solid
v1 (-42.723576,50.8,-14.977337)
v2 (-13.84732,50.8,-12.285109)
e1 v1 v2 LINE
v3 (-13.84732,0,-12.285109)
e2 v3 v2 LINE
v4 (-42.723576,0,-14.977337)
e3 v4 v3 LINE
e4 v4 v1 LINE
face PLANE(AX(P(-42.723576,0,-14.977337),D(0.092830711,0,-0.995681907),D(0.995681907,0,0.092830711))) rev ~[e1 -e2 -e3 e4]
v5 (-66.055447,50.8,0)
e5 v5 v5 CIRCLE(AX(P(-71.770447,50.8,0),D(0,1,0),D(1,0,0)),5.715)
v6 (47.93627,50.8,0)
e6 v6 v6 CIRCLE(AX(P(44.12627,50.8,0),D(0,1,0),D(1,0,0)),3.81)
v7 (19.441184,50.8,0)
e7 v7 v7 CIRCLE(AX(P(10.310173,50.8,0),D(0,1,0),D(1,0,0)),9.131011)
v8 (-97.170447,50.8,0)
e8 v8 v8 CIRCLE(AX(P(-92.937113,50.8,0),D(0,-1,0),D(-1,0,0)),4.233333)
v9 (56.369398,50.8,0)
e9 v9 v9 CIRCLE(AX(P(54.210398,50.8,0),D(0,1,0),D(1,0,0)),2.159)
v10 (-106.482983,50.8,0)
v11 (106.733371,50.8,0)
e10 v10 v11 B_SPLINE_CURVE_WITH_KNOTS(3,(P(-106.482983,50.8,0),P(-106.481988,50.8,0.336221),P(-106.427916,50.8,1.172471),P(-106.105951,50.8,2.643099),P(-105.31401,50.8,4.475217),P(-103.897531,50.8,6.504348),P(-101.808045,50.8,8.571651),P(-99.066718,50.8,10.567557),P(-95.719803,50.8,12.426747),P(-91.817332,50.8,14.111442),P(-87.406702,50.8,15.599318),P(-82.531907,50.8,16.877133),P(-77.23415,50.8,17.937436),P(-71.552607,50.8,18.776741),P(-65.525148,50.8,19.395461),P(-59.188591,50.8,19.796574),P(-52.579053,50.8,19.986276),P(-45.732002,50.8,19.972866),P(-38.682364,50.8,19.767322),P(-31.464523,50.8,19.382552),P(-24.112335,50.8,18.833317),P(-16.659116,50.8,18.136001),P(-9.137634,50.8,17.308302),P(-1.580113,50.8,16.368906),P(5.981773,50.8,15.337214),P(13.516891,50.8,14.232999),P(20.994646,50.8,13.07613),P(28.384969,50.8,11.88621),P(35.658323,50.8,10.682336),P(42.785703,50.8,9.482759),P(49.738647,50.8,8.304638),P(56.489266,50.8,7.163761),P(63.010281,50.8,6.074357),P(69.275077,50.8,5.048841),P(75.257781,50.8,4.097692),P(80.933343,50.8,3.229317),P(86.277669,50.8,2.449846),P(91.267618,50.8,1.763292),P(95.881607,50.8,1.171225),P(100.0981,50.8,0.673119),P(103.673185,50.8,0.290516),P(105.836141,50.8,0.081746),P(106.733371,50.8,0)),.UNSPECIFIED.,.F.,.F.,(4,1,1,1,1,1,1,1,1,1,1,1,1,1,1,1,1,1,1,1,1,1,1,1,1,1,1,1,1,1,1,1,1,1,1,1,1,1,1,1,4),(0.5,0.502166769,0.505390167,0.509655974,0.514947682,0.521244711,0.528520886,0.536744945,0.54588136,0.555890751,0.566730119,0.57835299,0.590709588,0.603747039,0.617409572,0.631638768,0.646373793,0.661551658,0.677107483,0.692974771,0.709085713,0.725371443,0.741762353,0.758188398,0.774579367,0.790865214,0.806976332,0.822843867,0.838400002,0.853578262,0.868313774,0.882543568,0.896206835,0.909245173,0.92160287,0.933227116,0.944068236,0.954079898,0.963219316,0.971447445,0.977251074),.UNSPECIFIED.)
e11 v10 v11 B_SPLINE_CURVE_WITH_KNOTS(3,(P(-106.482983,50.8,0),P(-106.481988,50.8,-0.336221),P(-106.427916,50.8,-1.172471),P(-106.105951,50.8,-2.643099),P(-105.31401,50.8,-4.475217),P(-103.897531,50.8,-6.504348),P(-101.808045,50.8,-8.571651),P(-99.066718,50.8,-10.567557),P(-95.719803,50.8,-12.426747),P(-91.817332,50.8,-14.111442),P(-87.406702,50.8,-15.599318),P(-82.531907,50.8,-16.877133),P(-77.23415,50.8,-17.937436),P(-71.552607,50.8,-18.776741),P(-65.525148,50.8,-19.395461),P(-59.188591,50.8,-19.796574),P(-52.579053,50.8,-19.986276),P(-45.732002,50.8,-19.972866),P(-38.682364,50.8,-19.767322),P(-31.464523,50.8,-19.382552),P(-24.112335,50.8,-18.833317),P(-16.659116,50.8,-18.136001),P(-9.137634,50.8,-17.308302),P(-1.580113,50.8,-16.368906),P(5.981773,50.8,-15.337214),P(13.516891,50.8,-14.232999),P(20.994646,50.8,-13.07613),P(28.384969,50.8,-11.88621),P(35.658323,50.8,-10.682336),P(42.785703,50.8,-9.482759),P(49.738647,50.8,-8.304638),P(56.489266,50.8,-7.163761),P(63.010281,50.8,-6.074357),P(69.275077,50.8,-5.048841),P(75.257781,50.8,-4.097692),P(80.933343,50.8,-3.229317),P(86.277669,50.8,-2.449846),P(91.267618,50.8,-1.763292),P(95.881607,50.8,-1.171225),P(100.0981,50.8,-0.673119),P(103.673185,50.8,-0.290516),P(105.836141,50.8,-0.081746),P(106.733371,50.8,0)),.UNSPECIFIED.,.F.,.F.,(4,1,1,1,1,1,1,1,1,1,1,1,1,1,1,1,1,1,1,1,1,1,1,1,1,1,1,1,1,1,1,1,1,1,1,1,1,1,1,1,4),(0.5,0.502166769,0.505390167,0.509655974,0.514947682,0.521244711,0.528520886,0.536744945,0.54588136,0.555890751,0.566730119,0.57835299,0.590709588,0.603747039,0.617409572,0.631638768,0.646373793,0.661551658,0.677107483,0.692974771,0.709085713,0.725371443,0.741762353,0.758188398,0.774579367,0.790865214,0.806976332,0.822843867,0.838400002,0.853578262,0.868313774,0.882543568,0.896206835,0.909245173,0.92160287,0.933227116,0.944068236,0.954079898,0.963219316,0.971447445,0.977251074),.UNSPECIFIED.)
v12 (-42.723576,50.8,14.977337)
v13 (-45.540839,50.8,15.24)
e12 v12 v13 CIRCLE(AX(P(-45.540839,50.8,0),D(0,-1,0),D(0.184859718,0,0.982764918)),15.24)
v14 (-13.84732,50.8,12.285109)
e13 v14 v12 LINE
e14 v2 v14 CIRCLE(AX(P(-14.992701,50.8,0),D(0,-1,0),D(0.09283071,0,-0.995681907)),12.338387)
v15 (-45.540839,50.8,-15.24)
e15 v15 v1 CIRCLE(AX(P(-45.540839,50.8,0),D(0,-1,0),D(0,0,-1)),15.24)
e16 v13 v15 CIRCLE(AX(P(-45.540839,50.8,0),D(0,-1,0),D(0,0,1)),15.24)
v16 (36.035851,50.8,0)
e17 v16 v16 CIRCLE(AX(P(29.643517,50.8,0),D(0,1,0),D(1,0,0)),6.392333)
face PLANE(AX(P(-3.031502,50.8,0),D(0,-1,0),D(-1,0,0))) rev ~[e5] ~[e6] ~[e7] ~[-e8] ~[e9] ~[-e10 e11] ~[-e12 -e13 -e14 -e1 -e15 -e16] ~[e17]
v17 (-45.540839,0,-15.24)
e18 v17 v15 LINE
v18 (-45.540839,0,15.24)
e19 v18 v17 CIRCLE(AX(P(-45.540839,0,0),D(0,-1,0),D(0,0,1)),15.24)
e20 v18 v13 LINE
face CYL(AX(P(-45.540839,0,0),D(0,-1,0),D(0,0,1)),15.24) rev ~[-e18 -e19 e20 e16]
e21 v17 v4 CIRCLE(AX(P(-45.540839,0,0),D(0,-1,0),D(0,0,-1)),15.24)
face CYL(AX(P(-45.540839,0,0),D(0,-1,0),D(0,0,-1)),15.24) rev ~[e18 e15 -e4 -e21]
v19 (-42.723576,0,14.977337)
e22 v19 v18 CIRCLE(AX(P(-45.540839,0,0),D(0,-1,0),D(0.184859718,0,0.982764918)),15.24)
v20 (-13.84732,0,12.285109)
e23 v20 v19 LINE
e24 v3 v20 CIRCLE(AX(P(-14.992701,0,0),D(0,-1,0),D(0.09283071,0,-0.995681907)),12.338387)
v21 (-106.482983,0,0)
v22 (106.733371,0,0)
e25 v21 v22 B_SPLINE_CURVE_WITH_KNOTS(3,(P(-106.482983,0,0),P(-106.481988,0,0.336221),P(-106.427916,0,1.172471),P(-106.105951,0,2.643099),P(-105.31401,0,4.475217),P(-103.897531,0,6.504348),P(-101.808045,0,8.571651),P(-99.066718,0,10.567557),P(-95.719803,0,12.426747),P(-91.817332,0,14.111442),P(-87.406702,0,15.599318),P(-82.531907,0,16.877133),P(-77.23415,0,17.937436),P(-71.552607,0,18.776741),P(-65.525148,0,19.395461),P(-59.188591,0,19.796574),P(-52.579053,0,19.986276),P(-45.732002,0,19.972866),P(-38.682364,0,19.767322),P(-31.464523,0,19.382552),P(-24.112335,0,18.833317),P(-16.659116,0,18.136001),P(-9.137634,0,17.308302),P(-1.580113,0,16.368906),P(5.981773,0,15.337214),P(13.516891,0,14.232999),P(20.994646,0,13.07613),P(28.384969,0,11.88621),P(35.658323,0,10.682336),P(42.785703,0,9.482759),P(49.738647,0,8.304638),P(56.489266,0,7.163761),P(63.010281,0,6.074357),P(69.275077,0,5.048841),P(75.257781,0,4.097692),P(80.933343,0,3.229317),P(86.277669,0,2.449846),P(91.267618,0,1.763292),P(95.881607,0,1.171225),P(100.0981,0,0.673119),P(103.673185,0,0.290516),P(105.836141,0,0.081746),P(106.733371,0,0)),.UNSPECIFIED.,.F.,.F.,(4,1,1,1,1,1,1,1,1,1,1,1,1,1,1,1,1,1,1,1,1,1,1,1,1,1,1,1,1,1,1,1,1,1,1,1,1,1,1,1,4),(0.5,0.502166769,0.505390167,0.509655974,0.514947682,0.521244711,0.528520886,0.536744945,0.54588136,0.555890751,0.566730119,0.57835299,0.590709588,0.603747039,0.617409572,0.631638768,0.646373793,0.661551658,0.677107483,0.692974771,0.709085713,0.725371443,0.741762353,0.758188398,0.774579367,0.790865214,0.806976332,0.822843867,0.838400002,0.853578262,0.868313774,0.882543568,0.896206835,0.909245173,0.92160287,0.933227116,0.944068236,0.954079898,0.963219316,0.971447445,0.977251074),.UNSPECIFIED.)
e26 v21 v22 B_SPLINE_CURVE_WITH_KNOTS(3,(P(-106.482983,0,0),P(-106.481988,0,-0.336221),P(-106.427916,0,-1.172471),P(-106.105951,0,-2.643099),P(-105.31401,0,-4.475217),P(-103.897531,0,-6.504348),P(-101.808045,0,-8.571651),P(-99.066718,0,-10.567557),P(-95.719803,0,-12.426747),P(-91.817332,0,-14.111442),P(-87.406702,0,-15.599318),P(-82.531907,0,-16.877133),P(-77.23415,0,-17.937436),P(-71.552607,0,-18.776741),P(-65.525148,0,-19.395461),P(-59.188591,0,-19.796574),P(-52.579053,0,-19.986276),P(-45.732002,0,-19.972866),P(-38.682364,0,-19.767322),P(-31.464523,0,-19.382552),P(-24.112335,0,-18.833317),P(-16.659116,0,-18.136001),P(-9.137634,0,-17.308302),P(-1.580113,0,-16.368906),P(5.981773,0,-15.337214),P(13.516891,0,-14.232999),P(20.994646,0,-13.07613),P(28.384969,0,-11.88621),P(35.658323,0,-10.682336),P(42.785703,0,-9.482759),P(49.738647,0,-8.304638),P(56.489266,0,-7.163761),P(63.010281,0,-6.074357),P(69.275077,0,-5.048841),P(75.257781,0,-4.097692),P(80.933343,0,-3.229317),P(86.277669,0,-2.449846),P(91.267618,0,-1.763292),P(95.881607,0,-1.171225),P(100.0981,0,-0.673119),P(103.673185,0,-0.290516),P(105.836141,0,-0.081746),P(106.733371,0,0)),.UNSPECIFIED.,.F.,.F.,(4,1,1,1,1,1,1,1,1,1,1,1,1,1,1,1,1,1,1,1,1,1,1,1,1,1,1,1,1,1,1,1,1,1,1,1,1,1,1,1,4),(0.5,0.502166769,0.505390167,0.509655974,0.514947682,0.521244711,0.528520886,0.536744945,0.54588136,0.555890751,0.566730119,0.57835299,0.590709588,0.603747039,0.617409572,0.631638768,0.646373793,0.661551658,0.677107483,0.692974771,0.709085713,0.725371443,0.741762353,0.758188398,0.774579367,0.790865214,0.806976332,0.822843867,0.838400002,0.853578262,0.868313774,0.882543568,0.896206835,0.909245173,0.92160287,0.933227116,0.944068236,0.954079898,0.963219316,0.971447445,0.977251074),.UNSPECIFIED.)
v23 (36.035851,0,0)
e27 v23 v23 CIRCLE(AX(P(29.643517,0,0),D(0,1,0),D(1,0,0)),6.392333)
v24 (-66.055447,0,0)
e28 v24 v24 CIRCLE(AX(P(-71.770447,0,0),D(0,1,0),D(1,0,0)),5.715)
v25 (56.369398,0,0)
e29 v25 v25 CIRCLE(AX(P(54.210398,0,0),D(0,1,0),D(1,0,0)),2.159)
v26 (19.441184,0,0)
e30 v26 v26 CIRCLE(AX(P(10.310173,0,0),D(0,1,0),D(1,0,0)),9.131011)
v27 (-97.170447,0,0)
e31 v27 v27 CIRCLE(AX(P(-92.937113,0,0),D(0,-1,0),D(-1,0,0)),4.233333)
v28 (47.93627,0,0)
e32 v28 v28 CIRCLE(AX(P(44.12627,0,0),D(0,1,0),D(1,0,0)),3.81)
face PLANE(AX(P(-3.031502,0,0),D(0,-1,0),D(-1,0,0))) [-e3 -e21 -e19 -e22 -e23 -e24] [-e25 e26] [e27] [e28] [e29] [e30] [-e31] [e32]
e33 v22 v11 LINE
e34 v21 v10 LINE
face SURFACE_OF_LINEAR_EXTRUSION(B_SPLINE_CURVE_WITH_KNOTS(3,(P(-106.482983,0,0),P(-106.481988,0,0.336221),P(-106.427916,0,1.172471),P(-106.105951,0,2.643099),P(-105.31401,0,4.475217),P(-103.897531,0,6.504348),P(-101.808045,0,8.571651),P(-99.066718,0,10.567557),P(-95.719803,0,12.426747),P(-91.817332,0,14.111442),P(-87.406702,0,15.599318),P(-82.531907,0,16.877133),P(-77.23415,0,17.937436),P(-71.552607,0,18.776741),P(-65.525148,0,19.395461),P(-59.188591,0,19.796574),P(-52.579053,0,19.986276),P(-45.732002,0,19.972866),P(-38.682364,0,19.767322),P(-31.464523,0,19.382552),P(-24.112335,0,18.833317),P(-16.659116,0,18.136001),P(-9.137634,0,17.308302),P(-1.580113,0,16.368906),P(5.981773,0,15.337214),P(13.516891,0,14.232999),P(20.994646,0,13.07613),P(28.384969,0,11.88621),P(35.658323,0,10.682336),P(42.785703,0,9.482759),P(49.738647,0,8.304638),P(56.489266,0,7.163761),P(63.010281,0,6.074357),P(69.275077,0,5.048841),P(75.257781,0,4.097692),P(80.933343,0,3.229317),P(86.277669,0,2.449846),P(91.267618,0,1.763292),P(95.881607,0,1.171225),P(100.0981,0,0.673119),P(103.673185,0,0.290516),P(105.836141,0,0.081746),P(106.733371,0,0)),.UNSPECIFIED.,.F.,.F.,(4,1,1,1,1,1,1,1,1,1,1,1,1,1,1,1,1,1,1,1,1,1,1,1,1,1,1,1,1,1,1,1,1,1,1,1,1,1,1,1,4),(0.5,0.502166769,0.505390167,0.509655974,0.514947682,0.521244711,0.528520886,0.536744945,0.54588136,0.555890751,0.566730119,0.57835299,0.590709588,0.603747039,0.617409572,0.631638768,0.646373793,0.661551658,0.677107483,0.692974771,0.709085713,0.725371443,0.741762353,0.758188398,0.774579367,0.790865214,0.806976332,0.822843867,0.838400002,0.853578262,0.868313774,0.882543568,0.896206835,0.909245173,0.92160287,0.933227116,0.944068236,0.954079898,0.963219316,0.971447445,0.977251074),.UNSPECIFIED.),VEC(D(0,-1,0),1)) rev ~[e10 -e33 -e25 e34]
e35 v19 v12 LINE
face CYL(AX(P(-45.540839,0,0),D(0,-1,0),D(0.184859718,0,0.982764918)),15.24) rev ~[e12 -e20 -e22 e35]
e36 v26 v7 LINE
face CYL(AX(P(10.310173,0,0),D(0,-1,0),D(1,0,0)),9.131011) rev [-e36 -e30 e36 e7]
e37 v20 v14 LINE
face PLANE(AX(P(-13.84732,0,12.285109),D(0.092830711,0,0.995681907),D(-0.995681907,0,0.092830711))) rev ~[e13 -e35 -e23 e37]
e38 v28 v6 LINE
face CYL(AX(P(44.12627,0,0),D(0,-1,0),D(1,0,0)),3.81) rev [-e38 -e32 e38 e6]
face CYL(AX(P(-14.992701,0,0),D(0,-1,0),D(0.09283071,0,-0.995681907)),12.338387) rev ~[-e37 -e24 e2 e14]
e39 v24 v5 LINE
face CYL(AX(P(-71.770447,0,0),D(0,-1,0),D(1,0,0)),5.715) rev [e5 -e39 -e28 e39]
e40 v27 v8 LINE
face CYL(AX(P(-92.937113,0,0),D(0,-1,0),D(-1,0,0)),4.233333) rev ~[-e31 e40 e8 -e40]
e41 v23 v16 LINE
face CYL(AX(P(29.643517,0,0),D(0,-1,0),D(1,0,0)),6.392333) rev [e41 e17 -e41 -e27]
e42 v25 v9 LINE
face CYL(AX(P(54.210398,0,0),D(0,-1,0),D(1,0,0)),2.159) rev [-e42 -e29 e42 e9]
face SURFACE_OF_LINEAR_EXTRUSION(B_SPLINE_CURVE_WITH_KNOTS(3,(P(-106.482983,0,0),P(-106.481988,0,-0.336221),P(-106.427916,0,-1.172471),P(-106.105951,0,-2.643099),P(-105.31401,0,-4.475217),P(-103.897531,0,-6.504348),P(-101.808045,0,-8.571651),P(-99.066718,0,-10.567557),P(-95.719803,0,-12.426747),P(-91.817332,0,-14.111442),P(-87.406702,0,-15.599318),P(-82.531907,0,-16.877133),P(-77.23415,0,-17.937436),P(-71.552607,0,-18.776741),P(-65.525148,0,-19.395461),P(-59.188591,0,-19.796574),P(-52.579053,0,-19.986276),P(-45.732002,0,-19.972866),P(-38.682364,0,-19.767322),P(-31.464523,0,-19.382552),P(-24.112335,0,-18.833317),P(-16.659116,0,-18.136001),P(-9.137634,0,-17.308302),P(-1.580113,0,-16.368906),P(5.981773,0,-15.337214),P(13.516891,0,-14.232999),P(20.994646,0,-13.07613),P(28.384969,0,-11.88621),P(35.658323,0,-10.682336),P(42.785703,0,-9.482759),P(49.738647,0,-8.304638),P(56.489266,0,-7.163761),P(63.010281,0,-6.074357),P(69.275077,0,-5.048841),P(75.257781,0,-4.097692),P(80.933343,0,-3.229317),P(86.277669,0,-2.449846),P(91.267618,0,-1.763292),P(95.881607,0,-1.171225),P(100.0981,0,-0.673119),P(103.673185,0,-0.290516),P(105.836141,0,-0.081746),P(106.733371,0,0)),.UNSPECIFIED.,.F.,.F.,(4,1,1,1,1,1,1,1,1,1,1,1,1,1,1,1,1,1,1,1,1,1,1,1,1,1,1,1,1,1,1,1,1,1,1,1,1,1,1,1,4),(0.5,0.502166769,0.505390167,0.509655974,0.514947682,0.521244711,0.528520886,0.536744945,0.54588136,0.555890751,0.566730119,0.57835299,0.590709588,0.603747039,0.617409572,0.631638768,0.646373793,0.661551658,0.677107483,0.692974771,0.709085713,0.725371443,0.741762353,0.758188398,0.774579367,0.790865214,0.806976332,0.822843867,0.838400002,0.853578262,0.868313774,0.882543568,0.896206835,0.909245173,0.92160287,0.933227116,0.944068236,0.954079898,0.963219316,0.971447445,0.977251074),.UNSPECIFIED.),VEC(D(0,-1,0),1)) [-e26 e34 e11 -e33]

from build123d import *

# Parameters (mm, degrees)
SKETCH1_R           = 5.715
SKETCH1_R_2         = 9.131011462
SKETCH1_R_3         = 6.392333333
SKETCH1_R_4         = 3.81
SKETCH1_R_5         = 2.159
BOSS_EXTRUDE1_DEPTH = 50.8


with BuildPart() as part:
    # Sketch1 → Boss-Extrude1 (new body)
    with BuildSketch(Plane(origin=(0, 0, 0), x_dir=(1, 0, 0), z_dir=(0, 1, 0))):
        with BuildLine():
            add(Edge.make_bspline(
                [(-106.482983395, 7e-09), (-106.481988205, 0.336221447), (-106.427915569, 1.172470852), (-106.105951464, 2.643099269), (-105.314009735, 4.475217408), (-103.897531119, 6.504348419), (-101.808045378, 8.571651332), (-99.066717841, 10.567556704), (-95.719803188, 12.4267473), (-91.817332429, 14.111441711), (-87.406701835, 15.599318162), (-82.531907012, 16.877133323), (-77.234149654, 17.93743562), (-71.552607098, 18.776740572), (-65.525147606, 19.395460586), (-59.188591418, 19.79657403), (-52.57905308, 19.986276316), (-45.732001964, 19.972865837), (-38.682363694, 19.76732247), (-31.464522928, 19.382552478), (-24.112335149, 18.833317467), (-16.659115821, 18.136000968), (-9.137634043, 17.308302017), (-1.580112881, 16.368906014), (5.98177291, 15.337213534), (13.516891029, 14.232999407), (20.994645609, 13.076129848), (28.384968739, 11.886210001), (35.658323251, 10.682336314), (42.785702907, 9.482759124), (49.738647425, 8.304637787), (56.489265684, 7.163760718), (63.010281114, 6.074356699), (69.275076728, 5.048841412), (75.257781106, 4.097692071), (80.933343311, 3.229317249), (86.277669376, 2.449846213), (91.267618323, 1.763292049), (95.881607116, 1.17122476), (100.098099776, 0.673119164), (103.673185129, 0.290516392), (105.83614122, 0.081745654), (106.733370691, 7e-09)],
                knots=[0.5, 0.5, 0.5, 0.5, 0.502166769, 0.505390167, 0.509655974, 0.514947682, 0.521244711, 0.528520886, 0.536744945, 0.54588136, 0.555890751, 0.566730119, 0.57835299, 0.590709588, 0.603747039, 0.617409572, 0.631638768, 0.646373793, 0.661551658, 0.677107483, 0.692974771, 0.709085713, 0.725371443, 0.741762353, 0.758188398, 0.774579367, 0.790865214, 0.806976332, 0.822843867, 0.838400002, 0.853578262, 0.868313774, 0.882543568, 0.896206835, 0.909245173, 0.92160287, 0.933227116, 0.944068236, 0.954079898, 0.963219316, 0.971447445, 0.977251074, 0.977251074, 0.977251074, 0.977251074], degree=3))
            add(Edge.make_bspline(
                [(-106.482983395, -7e-09), (-106.481988205, -0.336221447), (-106.427915569, -1.172470852), (-106.105951463, -2.643099269), (-105.314009735, -4.475217408), (-103.897531118, -6.504348419), (-101.808045378, -8.571651332), (-99.06671784, -10.567556704), (-95.719803188, -12.4267473), (-91.817332429, -14.111441711), (-87.406701835, -15.599318162), (-82.531907011, -16.877133323), (-77.234149654, -17.93743562), (-71.552607098, -18.776740572), (-65.525147605, -19.395460586), (-59.188591417, -19.79657403), (-52.57905308, -19.986276316), (-45.732001964, -19.972865837), (-38.682363694, -19.76732247), (-31.464522928, -19.382552478), (-24.112335148, -18.833317467), (-16.659115821, -18.136000968), (-9.137634043, -17.308302017), (-1.580112881, -16.368906014), (5.98177291, -15.337213534), (13.516891029, -14.232999407), (20.99464561, -13.076129848), (28.384968739, -11.886210001), (35.658323251, -10.682336314), (42.785702907, -9.482759124), (49.738647426, -8.304637787), (56.489265684, -7.163760718), (63.010281115, -6.074356699), (69.275076728, -5.048841412), (75.257781106, -4.097692071), (80.933343311, -3.229317249), (86.277669376, -2.449846213), (91.267618323, -1.763292049), (95.881607116, -1.17122476), (100.098099776, -0.673119164), (103.673185129, -0.290516392), (105.83614122, -0.081745654), (106.733370691, -7e-09)],
                knots=[0.5, 0.5, 0.5, 0.5, 0.502166769, 0.505390167, 0.509655974, 0.514947682, 0.521244711, 0.528520886, 0.536744945, 0.54588136, 0.555890751, 0.566730119, 0.57835299, 0.590709588, 0.603747039, 0.617409572, 0.631638768, 0.646373793, 0.661551658, 0.677107483, 0.692974771, 0.709085713, 0.725371443, 0.741762353, 0.758188398, 0.774579367, 0.790865214, 0.806976332, 0.822843867, 0.838400002, 0.853578262, 0.868313774, 0.882543568, 0.896206835, 0.909245173, 0.92160287, 0.933227116, 0.944068236, 0.954079898, 0.963219316, 0.971447445, 0.977251074, 0.977251074, 0.977251074, 0.977251074], degree=3))
        make_face()
        with BuildLine():
            ThreePointArc((-88.703779951, 0), (-92.937113284, -4.233333333), (-97.170446617, 0))
            ThreePointArc((-97.170446617, 0), (-92.937113284, 4.233333333), (-88.703779951, 0))
        make_face(mode=Mode.SUBTRACT)
        with Locations((-71.77044662, 0)):
            Circle(SKETCH1_R, mode=Mode.SUBTRACT)
        with BuildLine():
            ThreePointArc((-45.540838593, -15.24), (-60.780838593, 0), (-45.540838593, 15.24))
            ThreePointArc((-45.540838593, 15.24), (-44.126098565, 15.174192257), (-42.723576496, 14.977337356))
            Line((-42.723576496, 14.977337356), (-13.847320134, 12.285108666))
            ThreePointArc((-13.847320134, 12.285108666), (-2.65431439, 0), (-13.847320134, -12.285108666))
            Line((-13.847320134, -12.285108666), (-42.723576496, -14.977337356))
            ThreePointArc((-42.723576496, -14.977337356), (-44.126098565, -15.174192257), (-45.540838593, -15.24))
        make_face(mode=Mode.SUBTRACT)
        with Locations((10.310172634, 0)):
            Circle(SKETCH1_R_2, mode=Mode.SUBTRACT)
        with Locations((29.643517429, 0)):
            Circle(SKETCH1_R_3, mode=Mode.SUBTRACT)
        with Locations((44.126269567, 0)):
            Circle(SKETCH1_R_4, mode=Mode.SUBTRACT)
        with Locations((54.210398224, 0)):
            Circle(SKETCH1_R_5, mode=Mode.SUBTRACT)
    extrude(amount=BOSS_EXTRUDE1_DEPTH)


solid = part.part
